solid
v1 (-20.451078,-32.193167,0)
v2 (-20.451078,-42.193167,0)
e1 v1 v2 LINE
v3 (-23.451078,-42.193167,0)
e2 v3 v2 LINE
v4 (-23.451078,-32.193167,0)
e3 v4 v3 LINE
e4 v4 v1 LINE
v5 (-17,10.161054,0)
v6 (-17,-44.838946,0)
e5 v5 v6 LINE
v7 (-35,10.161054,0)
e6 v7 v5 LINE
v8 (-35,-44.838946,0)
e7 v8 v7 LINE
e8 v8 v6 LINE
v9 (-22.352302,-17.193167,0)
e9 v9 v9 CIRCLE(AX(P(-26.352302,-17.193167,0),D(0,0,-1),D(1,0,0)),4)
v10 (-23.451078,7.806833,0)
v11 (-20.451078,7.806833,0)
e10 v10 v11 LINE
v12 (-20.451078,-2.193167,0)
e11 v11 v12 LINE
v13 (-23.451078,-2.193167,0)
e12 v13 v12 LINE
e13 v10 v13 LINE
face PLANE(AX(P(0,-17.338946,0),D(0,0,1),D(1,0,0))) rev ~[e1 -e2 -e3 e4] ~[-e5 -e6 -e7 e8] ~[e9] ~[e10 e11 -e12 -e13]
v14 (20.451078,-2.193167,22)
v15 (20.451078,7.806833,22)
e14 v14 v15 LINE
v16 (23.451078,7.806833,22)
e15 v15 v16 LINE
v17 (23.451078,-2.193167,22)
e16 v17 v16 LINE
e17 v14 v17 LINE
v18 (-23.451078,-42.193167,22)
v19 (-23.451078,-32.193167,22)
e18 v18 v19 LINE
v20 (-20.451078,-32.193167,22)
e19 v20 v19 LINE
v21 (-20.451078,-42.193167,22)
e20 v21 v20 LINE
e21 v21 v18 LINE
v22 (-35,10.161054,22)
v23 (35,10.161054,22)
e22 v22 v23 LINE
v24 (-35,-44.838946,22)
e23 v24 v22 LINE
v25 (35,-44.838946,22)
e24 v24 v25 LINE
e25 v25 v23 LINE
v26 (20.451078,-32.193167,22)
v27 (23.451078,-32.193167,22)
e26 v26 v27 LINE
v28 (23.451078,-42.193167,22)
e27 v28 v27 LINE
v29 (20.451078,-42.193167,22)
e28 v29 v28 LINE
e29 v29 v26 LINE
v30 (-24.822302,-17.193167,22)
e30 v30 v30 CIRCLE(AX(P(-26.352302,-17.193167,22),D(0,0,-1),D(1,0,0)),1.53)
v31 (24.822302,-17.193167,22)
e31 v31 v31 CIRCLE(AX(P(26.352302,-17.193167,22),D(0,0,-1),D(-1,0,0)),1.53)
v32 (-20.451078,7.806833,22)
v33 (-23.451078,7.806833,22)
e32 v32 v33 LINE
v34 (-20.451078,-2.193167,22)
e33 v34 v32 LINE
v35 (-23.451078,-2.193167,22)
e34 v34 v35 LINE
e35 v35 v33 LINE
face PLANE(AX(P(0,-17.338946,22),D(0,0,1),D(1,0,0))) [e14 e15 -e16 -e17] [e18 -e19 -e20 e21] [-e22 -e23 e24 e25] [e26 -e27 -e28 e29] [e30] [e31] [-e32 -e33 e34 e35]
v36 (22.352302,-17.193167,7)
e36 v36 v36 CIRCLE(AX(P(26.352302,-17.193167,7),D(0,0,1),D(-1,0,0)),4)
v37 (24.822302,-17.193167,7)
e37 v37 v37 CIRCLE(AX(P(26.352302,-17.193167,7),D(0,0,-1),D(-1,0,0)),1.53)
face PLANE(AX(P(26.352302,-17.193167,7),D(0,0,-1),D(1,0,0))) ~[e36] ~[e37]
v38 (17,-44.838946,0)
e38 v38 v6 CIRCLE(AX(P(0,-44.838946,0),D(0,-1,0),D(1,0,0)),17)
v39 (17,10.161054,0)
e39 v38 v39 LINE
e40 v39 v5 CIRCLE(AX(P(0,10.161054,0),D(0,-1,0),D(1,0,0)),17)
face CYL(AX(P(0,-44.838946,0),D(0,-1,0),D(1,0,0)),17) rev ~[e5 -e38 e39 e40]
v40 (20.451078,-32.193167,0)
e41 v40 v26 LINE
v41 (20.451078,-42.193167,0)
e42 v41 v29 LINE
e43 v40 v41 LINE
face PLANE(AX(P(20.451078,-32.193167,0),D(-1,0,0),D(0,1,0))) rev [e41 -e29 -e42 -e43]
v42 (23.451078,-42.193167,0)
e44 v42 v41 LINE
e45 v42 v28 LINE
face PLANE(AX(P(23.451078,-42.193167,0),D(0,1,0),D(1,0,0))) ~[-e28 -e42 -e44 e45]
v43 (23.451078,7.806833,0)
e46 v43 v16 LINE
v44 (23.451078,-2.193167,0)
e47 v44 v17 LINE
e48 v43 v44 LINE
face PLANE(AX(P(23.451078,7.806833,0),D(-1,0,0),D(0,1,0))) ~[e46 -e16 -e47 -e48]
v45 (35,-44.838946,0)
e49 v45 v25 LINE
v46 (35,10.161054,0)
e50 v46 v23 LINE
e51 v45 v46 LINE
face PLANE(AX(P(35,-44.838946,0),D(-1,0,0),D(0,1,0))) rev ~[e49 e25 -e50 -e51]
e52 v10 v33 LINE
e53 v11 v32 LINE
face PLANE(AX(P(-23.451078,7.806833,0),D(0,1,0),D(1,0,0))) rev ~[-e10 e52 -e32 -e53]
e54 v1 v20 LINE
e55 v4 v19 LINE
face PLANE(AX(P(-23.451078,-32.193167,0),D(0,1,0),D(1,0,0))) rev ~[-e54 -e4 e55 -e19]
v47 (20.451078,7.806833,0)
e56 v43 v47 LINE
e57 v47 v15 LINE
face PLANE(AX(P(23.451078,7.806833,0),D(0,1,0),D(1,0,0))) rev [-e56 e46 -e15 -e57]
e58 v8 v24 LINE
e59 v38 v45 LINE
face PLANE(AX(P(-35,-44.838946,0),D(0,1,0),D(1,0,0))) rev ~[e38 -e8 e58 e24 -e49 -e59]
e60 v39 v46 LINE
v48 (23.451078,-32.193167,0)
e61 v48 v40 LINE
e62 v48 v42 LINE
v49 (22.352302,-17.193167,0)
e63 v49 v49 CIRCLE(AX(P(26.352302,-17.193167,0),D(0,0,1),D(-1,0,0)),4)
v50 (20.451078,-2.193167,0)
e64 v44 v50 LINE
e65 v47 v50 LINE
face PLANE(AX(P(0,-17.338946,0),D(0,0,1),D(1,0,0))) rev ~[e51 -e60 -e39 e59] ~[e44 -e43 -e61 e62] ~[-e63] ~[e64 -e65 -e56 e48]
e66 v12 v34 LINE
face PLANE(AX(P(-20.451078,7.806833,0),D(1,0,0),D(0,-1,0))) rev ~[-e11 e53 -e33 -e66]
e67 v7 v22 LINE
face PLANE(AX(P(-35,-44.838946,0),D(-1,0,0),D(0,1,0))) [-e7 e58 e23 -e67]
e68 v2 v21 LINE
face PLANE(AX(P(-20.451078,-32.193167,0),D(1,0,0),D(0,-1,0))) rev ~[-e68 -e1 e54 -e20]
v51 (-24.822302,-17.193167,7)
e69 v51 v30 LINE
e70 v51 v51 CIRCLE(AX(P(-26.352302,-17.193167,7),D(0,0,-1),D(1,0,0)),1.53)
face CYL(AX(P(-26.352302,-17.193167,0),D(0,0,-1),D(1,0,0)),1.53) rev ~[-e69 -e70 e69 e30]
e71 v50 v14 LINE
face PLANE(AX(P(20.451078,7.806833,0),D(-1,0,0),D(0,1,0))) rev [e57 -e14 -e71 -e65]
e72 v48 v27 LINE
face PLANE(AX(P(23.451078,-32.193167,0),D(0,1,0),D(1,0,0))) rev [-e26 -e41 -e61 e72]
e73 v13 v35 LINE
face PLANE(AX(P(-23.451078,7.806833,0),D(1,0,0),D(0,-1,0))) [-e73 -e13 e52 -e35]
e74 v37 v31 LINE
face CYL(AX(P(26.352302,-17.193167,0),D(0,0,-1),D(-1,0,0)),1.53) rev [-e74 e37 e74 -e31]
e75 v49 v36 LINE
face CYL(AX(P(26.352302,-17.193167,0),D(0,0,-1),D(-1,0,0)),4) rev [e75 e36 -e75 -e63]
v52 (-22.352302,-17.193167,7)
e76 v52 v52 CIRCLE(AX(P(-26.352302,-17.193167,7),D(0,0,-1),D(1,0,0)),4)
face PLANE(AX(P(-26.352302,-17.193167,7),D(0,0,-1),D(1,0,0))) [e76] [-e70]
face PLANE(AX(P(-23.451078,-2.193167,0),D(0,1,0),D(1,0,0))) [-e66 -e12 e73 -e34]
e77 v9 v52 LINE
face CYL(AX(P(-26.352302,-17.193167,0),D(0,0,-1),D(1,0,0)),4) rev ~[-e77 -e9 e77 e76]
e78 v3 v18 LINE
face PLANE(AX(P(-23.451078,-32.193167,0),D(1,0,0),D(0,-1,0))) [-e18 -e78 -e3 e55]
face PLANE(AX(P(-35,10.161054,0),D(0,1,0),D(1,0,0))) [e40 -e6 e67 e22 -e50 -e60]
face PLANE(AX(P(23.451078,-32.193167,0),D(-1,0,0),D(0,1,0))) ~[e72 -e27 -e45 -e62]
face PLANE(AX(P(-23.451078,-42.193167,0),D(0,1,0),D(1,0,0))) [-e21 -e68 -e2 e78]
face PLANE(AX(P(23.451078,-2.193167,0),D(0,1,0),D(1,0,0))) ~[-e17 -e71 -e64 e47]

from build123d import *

# Parameters (mm, degrees)
SKETCH_W        = 70
SKETCH_H        = 55
PAD_DEPTH       = 22
SKETCH001_R     = 17
POCKET_DEPTH    = 55.001
SKETCH002_R     = 1.53
SKETCH002_W     = 3
SKETCH002_H     = 10
POCKET001_DEPTH = 205.4022
SKETCH003_R     = 4
POCKET002_DEPTH = 7


with BuildPart() as part:
    # Sketch → Pad (new body)
    with BuildSketch(Plane.XY):
        with Locations((0, -17.338946)):
            Rectangle(SKETCH_W, SKETCH_H)
    extrude(amount=PAD_DEPTH)

    # Sketch001 (on Face3 of Pad) → Pocket (cut, through all)
    with BuildSketch(Plane.XZ.offset(44.838946)):
        Circle(SKETCH001_R)
    extrude(amount=-POCKET_DEPTH, mode=Mode.SUBTRACT)

    # Sketch002 (on Face2 of Pocket) → Pocket001 (cut, through all)
    with BuildSketch(Plane(origin=(0, 0, 0), x_dir=(1, 0, 0), z_dir=(0, 0, -1))):
        with Locations((-26.352302, 17.193167)):
            Circle(SKETCH002_R)
        with Locations((-21.951078, -2.806833)):
            Rectangle(SKETCH002_W, SKETCH002_H)
        with Locations((-21.951078, 37.193167)):
            Rectangle(SKETCH002_W, SKETCH002_H)
    pocket001 = extrude(amount=-POCKET001_DEPTH, mode=Mode.SUBTRACT)

    # Mirrored: Pocket001 across Sketch002 V_Axis
    add(pocket001.mirror(Plane(origin=(0, 0, 0), x_dir=(0, 0, -1), z_dir=(1, 0, 0))), mode=Mode.SUBTRACT)

    # Sketch003 (on Face2 of Mirrored) → Pocket002 (cut)
    with BuildSketch(Plane(origin=(0, 0, 0), x_dir=(1, 0, 0), z_dir=(0, 0, -1))):
        with Locations((-26.352302, 17.193167)):
            Circle(SKETCH003_R)
    pocket002 = extrude(amount=-POCKET002_DEPTH, mode=Mode.SUBTRACT)

    # Mirrored001: Pocket002 across Sketch003 V_Axis
    add(pocket002.mirror(Plane(origin=(0, 0, 0), x_dir=(0, 0, -1), z_dir=(1, 0, 0))), mode=Mode.SUBTRACT)


solid = part.part
